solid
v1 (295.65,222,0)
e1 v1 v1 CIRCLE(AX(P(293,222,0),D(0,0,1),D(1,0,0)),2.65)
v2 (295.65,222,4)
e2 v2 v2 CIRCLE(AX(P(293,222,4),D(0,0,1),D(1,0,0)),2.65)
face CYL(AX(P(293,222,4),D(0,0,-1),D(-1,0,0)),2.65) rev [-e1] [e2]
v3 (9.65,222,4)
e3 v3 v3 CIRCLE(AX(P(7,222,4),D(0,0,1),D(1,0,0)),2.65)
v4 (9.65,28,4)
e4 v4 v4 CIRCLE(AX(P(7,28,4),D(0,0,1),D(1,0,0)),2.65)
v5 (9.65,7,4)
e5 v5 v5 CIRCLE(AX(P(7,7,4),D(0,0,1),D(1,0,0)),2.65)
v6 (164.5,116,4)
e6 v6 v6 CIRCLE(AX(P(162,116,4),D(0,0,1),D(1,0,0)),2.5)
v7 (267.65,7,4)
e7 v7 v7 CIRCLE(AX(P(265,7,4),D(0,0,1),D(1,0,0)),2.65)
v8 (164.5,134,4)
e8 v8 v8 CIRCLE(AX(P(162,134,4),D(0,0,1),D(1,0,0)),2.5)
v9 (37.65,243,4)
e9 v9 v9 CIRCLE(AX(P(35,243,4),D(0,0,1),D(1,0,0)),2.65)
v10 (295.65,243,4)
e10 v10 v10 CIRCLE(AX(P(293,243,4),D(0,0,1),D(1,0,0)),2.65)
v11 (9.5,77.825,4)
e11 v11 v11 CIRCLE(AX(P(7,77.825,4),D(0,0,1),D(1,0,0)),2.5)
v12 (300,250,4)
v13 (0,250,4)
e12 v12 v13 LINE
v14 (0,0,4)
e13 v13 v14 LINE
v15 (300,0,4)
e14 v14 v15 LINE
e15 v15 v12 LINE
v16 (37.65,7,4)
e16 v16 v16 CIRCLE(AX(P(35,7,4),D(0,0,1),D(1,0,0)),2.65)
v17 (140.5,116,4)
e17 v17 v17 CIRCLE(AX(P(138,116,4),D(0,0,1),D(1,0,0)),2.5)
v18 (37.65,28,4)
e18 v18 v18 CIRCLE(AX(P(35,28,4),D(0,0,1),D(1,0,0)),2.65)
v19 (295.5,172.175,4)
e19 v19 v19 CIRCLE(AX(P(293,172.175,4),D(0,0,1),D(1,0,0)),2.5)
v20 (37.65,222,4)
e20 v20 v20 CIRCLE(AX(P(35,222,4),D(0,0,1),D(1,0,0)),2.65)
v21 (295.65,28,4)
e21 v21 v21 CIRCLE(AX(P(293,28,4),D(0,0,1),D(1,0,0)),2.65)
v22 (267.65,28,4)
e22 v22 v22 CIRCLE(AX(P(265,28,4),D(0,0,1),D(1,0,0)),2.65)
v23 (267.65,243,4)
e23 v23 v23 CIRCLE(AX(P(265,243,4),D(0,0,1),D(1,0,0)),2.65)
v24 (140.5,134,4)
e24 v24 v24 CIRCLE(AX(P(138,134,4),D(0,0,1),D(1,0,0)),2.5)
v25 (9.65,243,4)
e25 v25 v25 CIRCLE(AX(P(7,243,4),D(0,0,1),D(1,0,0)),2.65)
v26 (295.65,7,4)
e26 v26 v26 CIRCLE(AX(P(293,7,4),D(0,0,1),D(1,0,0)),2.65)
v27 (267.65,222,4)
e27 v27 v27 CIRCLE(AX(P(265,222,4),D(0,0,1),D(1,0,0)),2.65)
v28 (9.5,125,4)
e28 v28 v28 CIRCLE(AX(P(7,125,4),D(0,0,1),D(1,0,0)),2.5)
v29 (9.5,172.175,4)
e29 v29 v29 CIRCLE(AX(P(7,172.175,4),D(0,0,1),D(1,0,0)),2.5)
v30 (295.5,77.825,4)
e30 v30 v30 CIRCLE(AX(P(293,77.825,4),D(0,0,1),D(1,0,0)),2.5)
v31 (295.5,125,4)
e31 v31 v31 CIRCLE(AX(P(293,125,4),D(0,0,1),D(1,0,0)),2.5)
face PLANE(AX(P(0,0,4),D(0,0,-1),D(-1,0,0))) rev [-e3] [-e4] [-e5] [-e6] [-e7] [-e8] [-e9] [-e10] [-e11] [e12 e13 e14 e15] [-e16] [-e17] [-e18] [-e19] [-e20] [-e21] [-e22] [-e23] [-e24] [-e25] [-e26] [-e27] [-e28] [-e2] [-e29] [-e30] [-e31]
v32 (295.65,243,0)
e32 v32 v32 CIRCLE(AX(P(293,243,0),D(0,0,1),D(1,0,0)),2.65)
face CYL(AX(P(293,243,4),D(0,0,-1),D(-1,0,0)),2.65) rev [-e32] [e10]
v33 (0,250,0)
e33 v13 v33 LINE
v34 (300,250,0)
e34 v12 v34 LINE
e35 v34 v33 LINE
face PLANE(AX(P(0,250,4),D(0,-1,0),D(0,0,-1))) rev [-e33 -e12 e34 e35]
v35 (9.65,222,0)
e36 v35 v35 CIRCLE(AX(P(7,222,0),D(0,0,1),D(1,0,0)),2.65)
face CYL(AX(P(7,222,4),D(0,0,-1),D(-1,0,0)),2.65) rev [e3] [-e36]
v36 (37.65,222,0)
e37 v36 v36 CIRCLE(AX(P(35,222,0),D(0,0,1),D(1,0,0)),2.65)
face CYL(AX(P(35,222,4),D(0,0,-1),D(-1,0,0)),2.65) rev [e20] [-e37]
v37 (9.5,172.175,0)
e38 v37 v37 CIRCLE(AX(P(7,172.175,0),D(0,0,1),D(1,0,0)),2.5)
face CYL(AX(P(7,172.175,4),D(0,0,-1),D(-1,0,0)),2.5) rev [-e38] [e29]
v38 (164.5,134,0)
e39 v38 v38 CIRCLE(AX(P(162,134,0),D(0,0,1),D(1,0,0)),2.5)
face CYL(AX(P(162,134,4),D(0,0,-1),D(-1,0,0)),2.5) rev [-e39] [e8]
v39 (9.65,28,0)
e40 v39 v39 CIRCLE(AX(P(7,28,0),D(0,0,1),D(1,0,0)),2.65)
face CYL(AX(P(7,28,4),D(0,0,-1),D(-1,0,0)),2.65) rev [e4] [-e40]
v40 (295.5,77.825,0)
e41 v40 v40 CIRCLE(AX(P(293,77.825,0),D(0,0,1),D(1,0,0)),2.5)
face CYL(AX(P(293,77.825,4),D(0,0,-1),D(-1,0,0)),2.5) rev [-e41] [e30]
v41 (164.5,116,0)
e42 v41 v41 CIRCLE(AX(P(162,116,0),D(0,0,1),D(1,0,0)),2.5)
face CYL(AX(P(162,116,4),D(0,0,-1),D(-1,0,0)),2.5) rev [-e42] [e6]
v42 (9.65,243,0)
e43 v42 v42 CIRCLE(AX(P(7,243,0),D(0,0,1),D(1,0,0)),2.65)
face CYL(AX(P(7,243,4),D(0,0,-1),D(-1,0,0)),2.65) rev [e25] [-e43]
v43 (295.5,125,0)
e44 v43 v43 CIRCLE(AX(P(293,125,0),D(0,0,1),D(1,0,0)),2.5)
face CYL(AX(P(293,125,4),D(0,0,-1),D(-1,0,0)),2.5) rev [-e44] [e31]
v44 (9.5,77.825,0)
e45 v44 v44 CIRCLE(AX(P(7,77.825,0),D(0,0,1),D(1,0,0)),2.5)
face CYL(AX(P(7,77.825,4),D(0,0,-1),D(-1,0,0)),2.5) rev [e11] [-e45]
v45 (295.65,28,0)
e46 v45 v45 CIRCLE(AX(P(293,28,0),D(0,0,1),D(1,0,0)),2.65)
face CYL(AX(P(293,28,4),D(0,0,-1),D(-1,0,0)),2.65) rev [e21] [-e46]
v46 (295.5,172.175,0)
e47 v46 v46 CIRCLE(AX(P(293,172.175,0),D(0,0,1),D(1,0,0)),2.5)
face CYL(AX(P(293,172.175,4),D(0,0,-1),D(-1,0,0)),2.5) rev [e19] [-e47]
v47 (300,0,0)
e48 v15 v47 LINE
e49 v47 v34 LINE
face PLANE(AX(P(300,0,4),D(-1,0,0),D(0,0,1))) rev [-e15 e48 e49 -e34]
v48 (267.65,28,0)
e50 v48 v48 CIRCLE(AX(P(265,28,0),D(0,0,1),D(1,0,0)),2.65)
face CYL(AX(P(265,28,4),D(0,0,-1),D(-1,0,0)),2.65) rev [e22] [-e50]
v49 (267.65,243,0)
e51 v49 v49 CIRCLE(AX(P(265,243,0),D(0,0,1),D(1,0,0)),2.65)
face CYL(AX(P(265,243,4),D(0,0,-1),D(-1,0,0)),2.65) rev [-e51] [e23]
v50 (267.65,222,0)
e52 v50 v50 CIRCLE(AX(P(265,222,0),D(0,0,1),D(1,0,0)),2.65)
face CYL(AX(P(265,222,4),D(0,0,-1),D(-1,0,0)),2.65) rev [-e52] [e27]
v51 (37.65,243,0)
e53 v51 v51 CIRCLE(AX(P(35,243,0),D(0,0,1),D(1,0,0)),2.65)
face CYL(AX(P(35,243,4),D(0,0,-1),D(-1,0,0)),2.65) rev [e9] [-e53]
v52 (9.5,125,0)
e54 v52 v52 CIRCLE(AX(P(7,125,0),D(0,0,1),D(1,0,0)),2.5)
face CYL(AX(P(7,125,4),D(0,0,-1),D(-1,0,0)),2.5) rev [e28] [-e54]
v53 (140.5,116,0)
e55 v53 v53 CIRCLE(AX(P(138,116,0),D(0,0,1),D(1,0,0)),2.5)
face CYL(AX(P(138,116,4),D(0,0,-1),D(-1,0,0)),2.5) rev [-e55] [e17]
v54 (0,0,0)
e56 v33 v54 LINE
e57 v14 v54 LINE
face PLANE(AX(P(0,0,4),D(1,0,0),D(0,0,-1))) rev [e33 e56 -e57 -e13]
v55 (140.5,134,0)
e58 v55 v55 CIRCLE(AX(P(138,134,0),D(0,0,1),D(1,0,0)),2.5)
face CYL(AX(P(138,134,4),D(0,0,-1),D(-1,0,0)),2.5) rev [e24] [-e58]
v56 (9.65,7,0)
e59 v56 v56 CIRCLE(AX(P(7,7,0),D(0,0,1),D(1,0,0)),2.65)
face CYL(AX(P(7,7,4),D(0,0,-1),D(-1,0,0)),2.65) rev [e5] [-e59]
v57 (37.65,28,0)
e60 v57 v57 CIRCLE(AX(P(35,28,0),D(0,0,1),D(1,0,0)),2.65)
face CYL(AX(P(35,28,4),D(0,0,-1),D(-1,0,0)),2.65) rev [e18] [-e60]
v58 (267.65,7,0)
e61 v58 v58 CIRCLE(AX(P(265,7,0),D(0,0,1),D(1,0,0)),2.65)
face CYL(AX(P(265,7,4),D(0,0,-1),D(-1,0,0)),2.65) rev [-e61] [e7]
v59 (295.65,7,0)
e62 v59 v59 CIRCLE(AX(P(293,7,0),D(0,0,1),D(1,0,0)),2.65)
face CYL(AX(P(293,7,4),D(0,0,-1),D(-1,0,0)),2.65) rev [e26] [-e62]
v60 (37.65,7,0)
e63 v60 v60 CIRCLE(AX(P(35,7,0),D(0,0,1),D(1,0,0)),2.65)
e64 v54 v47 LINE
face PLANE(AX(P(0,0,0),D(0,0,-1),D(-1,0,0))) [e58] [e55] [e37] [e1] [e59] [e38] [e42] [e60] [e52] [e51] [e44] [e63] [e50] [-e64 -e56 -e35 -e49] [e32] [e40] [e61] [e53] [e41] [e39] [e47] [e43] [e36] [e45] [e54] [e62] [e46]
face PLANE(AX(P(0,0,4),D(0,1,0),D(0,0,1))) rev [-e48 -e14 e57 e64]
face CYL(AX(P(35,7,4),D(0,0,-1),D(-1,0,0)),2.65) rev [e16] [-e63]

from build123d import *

# Parameters (mm, degrees)
SKETCH2_W           = 300
SKETCH2_H           = 250
SKETCH2_R           = 2.649999999
SKETCH2_R_2         = 2.65
SKETCH2_R_3         = 2.5
BOSS_EXTRUDE1_DEPTH = 4


with BuildPart() as part:
    # Sketch2 (on Front Plane) → Boss-Extrude1 (new body)
    with BuildSketch(Plane.XY):
        with Locations((150, 125)):
            Rectangle(SKETCH2_W, SKETCH2_H)
        with Locations((293.000000001, 243)):
            Circle(SKETCH2_R, mode=Mode.SUBTRACT)
        with Locations((265.000000001, 243)):
            Circle(SKETCH2_R, mode=Mode.SUBTRACT)
        with Locations((265.000000001, 222)):
            Circle(SKETCH2_R, mode=Mode.SUBTRACT)
        with Locations((293.000000001, 222)):
            Circle(SKETCH2_R, mode=Mode.SUBTRACT)
        with Locations((35, 243)):
            Circle(SKETCH2_R_2, mode=Mode.SUBTRACT)
        with Locations((7, 243)):
            Circle(SKETCH2_R_2, mode=Mode.SUBTRACT)
        with Locations((7, 222)):
            Circle(SKETCH2_R_2, mode=Mode.SUBTRACT)
        with Locations((35, 222)):
            Circle(SKETCH2_R_2, mode=Mode.SUBTRACT)
        with Locations((7, 28)):
            Circle(SKETCH2_R_2, mode=Mode.SUBTRACT)
        with Locations((7, 7)):
            Circle(SKETCH2_R_2, mode=Mode.SUBTRACT)
        with Locations((35, 7)):
            Circle(SKETCH2_R_2, mode=Mode.SUBTRACT)
        with Locations((35, 28)):
            Circle(SKETCH2_R_2, mode=Mode.SUBTRACT)
        with Locations((265, 28)):
            Circle(SKETCH2_R_2, mode=Mode.SUBTRACT)
        with Locations((265, 7)):
            Circle(SKETCH2_R_2, mode=Mode.SUBTRACT)
        with Locations((293, 7)):
            Circle(SKETCH2_R_2, mode=Mode.SUBTRACT)
        with Locations((293, 28)):
            Circle(SKETCH2_R_2, mode=Mode.SUBTRACT)
        with Locations((162, 134)):
            Circle(SKETCH2_R_3, mode=Mode.SUBTRACT)
        with Locations((138, 134)):
            Circle(SKETCH2_R_3, mode=Mode.SUBTRACT)
        with Locations((138, 116)):
            Circle(SKETCH2_R_3, mode=Mode.SUBTRACT)
        with Locations((162, 116)):
            Circle(SKETCH2_R_3, mode=Mode.SUBTRACT)
        with Locations((7, 125)):
            Circle(SKETCH2_R_3, mode=Mode.SUBTRACT)
        with Locations((7, 77.825)):
            Circle(SKETCH2_R_3, mode=Mode.SUBTRACT)
        with Locations((7, 172.175)):
            Circle(SKETCH2_R_3, mode=Mode.SUBTRACT)
        with Locations((293, 125)):
            Circle(SKETCH2_R_3, mode=Mode.SUBTRACT)
        with Locations((293, 77.825)):
            Circle(SKETCH2_R_3, mode=Mode.SUBTRACT)
        with Locations((293, 172.175)):
            Circle(SKETCH2_R_3, mode=Mode.SUBTRACT)
    extrude(amount=BOSS_EXTRUDE1_DEPTH)


solid = part.part
